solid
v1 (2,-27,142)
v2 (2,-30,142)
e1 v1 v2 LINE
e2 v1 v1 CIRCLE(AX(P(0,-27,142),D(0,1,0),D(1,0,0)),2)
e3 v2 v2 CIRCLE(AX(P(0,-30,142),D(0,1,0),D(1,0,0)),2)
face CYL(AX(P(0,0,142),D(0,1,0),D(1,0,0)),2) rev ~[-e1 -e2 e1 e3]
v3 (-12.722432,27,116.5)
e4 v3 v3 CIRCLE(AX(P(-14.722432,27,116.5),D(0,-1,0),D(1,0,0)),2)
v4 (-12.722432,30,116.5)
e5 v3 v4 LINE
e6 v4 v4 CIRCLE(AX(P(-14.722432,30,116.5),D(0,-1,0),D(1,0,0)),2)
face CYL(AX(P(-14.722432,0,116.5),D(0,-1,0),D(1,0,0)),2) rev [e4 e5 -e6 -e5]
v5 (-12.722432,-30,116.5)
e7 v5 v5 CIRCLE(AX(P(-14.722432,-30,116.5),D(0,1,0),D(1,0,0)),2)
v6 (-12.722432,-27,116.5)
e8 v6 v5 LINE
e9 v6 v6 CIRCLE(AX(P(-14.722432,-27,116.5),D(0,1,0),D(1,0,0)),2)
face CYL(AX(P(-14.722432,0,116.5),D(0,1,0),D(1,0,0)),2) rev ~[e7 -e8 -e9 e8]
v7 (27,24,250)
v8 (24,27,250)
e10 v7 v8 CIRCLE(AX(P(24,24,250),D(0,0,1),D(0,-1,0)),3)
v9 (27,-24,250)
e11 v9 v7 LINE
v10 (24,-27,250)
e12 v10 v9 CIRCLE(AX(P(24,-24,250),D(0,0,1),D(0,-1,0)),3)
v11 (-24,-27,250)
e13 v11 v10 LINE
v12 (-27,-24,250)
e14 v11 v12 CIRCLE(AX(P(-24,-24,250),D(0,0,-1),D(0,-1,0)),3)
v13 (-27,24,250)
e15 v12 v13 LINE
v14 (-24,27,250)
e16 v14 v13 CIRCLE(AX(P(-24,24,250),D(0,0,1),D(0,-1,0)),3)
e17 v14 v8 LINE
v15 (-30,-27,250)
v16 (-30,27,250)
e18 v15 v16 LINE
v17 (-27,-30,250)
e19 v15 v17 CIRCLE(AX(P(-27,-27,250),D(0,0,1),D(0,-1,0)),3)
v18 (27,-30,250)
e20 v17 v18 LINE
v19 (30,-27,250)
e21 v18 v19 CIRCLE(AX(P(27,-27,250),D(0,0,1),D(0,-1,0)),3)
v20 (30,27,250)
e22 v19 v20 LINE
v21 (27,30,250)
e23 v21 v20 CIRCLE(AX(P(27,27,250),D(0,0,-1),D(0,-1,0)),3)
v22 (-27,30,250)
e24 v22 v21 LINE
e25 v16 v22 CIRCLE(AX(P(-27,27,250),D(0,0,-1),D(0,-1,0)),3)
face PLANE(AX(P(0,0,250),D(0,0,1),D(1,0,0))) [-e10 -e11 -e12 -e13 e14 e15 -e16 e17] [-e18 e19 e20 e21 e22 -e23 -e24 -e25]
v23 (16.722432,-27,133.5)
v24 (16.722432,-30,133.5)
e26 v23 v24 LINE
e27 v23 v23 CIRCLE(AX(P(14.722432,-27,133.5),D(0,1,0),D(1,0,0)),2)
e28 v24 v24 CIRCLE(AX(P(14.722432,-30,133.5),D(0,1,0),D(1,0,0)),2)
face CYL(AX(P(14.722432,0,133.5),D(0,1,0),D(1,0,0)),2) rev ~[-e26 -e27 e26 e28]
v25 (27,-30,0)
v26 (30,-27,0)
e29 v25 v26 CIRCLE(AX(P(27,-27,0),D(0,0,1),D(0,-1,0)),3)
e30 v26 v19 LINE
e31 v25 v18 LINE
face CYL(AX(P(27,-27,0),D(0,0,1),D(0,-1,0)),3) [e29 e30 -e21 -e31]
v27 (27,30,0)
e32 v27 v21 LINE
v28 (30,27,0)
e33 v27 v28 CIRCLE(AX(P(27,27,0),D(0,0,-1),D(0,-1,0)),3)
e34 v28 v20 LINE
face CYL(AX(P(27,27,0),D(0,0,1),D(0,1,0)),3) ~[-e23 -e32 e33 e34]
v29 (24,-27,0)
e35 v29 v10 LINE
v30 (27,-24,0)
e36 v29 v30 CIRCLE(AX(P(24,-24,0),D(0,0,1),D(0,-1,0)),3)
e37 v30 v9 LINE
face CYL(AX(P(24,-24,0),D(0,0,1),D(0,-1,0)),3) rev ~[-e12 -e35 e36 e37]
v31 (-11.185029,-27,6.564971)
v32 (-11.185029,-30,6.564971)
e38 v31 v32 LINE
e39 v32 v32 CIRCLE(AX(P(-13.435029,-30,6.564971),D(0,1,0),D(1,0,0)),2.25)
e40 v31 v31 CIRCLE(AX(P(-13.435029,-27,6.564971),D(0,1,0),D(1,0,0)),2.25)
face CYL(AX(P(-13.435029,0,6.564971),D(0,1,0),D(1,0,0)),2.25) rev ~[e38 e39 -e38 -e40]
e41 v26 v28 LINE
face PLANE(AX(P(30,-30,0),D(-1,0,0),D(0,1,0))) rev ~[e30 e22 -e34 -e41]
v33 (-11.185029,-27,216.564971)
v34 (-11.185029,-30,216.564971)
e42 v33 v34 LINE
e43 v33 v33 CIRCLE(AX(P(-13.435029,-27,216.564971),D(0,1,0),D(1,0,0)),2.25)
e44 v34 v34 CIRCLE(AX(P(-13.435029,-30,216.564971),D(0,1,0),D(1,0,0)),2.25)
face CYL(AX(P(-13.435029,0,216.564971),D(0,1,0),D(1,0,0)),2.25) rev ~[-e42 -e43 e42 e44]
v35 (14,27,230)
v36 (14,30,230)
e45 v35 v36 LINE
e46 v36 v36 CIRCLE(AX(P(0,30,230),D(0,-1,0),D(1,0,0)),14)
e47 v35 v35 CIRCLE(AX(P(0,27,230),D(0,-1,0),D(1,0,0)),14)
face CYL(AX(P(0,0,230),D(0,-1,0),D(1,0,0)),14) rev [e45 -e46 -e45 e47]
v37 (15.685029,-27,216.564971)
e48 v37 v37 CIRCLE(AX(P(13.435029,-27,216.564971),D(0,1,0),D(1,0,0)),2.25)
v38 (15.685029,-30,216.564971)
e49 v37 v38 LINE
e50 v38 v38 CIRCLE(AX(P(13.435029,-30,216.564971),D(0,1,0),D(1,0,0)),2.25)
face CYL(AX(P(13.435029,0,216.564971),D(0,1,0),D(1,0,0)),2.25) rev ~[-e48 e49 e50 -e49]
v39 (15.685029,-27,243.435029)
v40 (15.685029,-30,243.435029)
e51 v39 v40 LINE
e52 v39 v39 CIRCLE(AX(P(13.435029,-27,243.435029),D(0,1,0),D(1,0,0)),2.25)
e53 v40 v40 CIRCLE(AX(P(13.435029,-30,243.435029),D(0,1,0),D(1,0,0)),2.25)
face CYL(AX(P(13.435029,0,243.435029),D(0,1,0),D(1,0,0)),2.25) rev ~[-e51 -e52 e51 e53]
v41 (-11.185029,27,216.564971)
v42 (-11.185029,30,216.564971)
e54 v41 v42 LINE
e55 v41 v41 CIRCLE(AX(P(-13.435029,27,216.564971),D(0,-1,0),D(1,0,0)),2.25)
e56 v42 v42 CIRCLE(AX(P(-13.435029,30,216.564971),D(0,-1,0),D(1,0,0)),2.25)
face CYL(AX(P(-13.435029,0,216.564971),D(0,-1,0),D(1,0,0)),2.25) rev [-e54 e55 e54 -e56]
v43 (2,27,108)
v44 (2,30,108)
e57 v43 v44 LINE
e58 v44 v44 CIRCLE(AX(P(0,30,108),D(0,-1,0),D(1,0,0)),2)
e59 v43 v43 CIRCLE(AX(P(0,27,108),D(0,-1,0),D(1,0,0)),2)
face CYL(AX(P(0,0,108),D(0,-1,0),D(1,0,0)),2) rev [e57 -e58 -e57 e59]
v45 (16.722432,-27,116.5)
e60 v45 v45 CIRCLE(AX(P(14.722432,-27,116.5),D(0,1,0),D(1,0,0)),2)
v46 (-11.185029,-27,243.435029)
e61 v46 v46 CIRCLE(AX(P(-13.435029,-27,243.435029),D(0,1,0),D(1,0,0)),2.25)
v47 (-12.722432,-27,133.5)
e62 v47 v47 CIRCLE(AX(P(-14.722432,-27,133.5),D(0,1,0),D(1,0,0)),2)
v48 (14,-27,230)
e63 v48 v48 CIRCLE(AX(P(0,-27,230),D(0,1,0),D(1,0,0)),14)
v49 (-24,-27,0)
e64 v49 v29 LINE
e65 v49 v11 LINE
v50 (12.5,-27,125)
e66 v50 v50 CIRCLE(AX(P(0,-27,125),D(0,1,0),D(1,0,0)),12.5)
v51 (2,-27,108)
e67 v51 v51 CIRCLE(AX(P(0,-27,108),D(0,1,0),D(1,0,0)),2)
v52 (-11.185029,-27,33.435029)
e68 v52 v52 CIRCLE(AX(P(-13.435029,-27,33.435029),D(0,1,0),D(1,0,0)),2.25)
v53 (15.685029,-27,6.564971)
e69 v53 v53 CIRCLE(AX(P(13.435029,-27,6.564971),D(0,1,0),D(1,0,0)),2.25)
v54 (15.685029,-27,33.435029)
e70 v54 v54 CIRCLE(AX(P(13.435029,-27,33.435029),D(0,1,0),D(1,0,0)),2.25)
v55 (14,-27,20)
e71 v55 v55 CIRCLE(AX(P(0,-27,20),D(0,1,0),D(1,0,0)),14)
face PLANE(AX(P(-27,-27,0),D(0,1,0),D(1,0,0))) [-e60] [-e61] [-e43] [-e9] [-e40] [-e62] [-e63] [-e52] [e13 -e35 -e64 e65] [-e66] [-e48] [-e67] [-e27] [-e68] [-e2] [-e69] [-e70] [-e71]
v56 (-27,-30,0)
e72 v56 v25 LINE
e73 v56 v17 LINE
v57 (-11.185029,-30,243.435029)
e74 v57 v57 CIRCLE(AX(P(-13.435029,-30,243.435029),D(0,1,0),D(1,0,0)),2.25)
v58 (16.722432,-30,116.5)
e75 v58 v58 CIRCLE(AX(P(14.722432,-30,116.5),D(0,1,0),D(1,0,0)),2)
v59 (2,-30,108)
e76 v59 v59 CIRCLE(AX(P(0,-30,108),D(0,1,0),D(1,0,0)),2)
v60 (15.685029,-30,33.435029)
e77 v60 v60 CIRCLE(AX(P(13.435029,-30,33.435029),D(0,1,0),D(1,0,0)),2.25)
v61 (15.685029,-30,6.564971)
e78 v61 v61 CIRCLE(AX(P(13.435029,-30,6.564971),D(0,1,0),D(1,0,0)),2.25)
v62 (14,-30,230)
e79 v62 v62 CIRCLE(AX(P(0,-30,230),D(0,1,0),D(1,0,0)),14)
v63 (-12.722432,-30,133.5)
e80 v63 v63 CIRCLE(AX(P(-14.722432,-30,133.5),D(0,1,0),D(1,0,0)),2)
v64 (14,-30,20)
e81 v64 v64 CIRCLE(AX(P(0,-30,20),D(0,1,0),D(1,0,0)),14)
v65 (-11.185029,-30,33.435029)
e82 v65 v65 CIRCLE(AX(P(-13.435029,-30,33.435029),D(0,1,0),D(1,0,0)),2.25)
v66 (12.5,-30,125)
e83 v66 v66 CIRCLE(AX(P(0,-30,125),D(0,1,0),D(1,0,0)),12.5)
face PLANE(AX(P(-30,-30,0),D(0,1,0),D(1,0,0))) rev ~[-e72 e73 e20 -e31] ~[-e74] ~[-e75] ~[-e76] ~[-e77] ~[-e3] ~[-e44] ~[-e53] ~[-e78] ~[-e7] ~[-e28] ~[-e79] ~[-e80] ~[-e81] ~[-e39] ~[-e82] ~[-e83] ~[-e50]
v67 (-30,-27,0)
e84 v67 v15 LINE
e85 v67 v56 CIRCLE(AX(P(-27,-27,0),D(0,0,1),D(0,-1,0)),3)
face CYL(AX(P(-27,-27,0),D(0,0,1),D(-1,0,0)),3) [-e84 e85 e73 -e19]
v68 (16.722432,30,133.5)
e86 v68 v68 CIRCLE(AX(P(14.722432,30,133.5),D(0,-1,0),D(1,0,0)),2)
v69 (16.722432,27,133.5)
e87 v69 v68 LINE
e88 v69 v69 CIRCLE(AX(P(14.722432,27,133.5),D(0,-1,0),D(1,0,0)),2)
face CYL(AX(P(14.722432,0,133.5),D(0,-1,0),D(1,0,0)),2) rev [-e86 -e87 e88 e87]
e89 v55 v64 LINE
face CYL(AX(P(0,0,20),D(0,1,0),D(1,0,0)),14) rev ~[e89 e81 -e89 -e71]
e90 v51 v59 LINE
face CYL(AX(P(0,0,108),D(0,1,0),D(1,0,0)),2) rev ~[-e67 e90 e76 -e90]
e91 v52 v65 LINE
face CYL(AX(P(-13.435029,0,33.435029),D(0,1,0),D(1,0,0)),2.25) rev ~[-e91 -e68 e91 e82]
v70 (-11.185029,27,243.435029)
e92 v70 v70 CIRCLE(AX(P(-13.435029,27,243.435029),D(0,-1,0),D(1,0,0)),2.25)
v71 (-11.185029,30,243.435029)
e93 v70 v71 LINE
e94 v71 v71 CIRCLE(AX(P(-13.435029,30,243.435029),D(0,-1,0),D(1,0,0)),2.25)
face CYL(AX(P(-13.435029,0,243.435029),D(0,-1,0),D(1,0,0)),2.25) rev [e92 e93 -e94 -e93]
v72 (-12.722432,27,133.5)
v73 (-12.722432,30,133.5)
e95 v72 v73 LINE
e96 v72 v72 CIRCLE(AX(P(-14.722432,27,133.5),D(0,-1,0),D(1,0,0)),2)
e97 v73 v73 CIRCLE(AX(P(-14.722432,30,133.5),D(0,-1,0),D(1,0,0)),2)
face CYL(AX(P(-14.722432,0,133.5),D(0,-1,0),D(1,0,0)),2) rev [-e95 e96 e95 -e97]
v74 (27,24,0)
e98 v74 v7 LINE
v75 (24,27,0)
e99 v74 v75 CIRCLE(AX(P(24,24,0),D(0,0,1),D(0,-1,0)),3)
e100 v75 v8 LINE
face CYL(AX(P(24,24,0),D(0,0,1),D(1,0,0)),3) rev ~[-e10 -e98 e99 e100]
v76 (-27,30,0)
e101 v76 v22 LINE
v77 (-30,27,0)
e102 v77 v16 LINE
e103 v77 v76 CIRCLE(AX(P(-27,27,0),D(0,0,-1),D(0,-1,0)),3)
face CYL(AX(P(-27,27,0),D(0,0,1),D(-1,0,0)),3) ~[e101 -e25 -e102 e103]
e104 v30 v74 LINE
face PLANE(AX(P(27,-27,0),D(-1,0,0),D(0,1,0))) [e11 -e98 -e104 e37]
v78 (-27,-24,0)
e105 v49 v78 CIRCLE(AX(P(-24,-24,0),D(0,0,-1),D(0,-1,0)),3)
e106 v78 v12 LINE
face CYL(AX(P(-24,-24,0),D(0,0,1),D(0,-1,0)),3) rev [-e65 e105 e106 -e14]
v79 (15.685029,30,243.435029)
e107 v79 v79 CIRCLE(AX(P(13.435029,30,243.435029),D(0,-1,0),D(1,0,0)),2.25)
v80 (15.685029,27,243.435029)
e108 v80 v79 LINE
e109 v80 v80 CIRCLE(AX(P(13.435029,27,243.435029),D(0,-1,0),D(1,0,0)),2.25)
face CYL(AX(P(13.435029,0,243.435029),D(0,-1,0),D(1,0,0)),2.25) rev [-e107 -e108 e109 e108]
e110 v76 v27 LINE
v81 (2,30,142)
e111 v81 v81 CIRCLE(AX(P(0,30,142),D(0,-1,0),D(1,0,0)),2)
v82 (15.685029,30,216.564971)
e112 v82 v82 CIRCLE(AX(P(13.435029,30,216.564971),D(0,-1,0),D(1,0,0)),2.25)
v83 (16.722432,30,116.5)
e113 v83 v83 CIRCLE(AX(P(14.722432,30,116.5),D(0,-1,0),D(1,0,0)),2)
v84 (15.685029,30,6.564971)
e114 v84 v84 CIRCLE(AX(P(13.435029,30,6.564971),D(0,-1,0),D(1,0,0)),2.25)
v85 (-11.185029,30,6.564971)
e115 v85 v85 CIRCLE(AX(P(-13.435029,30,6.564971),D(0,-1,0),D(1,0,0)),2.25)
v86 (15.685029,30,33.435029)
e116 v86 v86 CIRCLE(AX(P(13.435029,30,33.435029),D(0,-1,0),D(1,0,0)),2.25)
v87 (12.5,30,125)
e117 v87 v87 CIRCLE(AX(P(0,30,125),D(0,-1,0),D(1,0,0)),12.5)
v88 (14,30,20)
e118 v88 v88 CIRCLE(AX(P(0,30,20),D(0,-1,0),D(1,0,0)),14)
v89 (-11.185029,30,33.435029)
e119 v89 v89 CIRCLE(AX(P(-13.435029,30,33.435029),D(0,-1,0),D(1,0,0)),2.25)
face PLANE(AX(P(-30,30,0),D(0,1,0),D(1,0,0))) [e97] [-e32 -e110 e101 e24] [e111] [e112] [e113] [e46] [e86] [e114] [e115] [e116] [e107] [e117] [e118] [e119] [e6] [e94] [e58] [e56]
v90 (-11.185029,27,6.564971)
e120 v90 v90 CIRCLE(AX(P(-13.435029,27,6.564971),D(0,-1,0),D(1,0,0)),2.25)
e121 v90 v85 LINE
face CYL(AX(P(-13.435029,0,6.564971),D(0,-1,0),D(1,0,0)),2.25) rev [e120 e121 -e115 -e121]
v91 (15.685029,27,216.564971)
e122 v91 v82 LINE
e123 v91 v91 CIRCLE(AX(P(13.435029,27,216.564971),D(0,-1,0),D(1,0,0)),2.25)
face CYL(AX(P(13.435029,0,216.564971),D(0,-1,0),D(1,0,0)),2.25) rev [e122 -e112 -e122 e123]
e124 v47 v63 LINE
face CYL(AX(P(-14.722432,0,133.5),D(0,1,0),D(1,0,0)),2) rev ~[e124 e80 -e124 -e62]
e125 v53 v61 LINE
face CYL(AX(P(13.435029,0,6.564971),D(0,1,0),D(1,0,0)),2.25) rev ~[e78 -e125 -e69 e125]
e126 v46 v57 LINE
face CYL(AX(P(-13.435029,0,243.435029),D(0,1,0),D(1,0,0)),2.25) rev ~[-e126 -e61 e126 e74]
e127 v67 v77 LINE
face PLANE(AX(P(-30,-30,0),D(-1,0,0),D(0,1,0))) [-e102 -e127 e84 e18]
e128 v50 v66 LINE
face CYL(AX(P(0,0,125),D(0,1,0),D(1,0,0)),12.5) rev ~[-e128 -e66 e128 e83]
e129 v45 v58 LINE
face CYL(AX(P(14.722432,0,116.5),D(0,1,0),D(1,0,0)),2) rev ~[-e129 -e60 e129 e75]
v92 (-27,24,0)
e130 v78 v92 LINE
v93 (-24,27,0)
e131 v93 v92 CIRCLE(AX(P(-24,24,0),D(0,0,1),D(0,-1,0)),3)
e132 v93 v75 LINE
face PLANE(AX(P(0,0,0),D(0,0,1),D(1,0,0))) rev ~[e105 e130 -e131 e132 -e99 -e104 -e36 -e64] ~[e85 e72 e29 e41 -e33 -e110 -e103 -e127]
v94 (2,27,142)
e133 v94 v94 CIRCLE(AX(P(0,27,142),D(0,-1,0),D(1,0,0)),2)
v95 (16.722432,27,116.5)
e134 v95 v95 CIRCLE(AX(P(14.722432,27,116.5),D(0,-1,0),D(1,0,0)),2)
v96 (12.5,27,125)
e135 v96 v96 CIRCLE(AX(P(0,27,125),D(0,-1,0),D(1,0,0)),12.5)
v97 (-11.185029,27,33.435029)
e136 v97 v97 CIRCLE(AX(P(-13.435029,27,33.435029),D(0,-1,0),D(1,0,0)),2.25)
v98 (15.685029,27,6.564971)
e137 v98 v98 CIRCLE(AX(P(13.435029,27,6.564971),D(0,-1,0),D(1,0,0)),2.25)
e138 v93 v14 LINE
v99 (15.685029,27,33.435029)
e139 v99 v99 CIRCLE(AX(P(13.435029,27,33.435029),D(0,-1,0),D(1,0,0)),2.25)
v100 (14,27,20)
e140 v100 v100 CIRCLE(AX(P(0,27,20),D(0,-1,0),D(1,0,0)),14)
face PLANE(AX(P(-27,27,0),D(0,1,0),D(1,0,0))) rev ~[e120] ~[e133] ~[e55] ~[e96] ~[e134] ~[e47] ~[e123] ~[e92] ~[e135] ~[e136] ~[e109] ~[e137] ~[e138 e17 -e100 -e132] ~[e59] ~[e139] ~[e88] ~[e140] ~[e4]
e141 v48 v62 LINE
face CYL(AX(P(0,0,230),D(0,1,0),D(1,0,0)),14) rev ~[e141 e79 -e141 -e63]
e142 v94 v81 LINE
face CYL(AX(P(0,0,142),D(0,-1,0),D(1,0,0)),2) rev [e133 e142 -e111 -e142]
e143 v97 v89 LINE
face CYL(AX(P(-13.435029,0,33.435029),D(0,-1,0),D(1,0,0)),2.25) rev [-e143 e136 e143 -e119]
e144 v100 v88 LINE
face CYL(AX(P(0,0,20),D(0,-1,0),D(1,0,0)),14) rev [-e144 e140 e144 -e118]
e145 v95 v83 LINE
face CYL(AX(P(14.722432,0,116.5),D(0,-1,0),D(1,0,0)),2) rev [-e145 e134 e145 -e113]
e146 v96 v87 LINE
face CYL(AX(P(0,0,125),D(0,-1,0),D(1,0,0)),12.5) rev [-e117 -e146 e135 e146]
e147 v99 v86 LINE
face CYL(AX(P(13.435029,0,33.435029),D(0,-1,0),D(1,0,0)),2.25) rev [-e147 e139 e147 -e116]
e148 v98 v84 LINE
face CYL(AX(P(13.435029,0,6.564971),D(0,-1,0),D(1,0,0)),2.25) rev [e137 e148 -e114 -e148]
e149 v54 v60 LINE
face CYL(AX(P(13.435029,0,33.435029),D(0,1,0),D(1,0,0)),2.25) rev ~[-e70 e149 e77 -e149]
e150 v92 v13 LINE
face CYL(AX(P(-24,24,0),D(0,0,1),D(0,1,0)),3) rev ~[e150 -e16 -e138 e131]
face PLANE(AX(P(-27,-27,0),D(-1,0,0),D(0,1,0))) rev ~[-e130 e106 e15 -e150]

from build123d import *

# Parameters (mm, degrees)
SKETCH1_W               = 60
SKETCH1_H               = 60
SKETCH1_W_2             = 54
SKETCH1_H_2             = 54
BOSS_EXTRUDE1_DEPTH     = 250
FILLET1_R               = 3
SKETCH2_R               = 2
SKETCH2_R_2             = 2.25
SKETCH2_R_3             = 12.5
SKETCH2_R_4             = 14
CUT_EXTRUDE1_DEPTH      = 31
CUT_EXTRUDE1_DEPTH_BACK = 31


with BuildPart() as part:
    # Sketch1 → Boss-Extrude1 (new body)
    with BuildSketch(Plane.XY):
        Rectangle(SKETCH1_W, SKETCH1_H)
        Rectangle(SKETCH1_W_2, SKETCH1_H_2, mode=Mode.SUBTRACT)
    extrude(amount=BOSS_EXTRUDE1_DEPTH)

    # Fillet1
    fillet1_edges = [part.edges().sort_by_distance(p)[0] for p in [
        (27, -27, 125),
        (27, 27, 125),
        (-27, 27, 125),
        (-27, -27, 125),
        (30, -30, 125),
        (-30, -30, 125),
        (-30, 30, 125),
        (30, 30, 125),
    ]]
    fillet(fillet1_edges, radius=FILLET1_R)

    # Sketch2 → Cut-Extrude1 (cut, two sides)
    with BuildSketch(Plane(origin=(0, 0, 0), x_dir=(1, 0, 0), z_dir=(0, 1, 0))) as cut_extrude1_sk:
        with Locations((0, -142)):
            Circle(SKETCH2_R)
        with Locations((-14.722431864, -133.5)):
            Circle(SKETCH2_R)
        with Locations((-14.722431864, -116.5)):
            Circle(SKETCH2_R)
        with Locations((0, -108)):
            Circle(SKETCH2_R)
        with Locations((14.722431864, -116.5)):
            Circle(SKETCH2_R)
        with Locations((14.722431864, -133.5)):
            Circle(SKETCH2_R)
        with Locations((-13.435028843, -216.564971157)):
            Circle(SKETCH2_R_2)
        with Locations((13.435028843, -216.564971157)):
            Circle(SKETCH2_R_2)
        with Locations((13.435028843, -243.435028843)):
            Circle(SKETCH2_R_2)
        with Locations((-13.435028843, -243.435028843)):
            Circle(SKETCH2_R_2)
        with Locations((-13.435028843, -6.564971157)):
            Circle(SKETCH2_R_2)
        with Locations((13.435028843, -6.564971157)):
            Circle(SKETCH2_R_2)
        with Locations((13.435028843, -33.435028843)):
            Circle(SKETCH2_R_2)
        with Locations((-13.435028843, -33.435028843)):
            Circle(SKETCH2_R_2)
        with Locations((0, -125)):
            Circle(SKETCH2_R_3)
        with Locations((0, -230)):
            Circle(SKETCH2_R_4)
        with Locations((0, -20)):
            Circle(SKETCH2_R_4)
    extrude(amount=CUT_EXTRUDE1_DEPTH, mode=Mode.SUBTRACT)
    extrude(cut_extrude1_sk.sketch, amount=-CUT_EXTRUDE1_DEPTH_BACK, mode=Mode.SUBTRACT)


solid = part.part
